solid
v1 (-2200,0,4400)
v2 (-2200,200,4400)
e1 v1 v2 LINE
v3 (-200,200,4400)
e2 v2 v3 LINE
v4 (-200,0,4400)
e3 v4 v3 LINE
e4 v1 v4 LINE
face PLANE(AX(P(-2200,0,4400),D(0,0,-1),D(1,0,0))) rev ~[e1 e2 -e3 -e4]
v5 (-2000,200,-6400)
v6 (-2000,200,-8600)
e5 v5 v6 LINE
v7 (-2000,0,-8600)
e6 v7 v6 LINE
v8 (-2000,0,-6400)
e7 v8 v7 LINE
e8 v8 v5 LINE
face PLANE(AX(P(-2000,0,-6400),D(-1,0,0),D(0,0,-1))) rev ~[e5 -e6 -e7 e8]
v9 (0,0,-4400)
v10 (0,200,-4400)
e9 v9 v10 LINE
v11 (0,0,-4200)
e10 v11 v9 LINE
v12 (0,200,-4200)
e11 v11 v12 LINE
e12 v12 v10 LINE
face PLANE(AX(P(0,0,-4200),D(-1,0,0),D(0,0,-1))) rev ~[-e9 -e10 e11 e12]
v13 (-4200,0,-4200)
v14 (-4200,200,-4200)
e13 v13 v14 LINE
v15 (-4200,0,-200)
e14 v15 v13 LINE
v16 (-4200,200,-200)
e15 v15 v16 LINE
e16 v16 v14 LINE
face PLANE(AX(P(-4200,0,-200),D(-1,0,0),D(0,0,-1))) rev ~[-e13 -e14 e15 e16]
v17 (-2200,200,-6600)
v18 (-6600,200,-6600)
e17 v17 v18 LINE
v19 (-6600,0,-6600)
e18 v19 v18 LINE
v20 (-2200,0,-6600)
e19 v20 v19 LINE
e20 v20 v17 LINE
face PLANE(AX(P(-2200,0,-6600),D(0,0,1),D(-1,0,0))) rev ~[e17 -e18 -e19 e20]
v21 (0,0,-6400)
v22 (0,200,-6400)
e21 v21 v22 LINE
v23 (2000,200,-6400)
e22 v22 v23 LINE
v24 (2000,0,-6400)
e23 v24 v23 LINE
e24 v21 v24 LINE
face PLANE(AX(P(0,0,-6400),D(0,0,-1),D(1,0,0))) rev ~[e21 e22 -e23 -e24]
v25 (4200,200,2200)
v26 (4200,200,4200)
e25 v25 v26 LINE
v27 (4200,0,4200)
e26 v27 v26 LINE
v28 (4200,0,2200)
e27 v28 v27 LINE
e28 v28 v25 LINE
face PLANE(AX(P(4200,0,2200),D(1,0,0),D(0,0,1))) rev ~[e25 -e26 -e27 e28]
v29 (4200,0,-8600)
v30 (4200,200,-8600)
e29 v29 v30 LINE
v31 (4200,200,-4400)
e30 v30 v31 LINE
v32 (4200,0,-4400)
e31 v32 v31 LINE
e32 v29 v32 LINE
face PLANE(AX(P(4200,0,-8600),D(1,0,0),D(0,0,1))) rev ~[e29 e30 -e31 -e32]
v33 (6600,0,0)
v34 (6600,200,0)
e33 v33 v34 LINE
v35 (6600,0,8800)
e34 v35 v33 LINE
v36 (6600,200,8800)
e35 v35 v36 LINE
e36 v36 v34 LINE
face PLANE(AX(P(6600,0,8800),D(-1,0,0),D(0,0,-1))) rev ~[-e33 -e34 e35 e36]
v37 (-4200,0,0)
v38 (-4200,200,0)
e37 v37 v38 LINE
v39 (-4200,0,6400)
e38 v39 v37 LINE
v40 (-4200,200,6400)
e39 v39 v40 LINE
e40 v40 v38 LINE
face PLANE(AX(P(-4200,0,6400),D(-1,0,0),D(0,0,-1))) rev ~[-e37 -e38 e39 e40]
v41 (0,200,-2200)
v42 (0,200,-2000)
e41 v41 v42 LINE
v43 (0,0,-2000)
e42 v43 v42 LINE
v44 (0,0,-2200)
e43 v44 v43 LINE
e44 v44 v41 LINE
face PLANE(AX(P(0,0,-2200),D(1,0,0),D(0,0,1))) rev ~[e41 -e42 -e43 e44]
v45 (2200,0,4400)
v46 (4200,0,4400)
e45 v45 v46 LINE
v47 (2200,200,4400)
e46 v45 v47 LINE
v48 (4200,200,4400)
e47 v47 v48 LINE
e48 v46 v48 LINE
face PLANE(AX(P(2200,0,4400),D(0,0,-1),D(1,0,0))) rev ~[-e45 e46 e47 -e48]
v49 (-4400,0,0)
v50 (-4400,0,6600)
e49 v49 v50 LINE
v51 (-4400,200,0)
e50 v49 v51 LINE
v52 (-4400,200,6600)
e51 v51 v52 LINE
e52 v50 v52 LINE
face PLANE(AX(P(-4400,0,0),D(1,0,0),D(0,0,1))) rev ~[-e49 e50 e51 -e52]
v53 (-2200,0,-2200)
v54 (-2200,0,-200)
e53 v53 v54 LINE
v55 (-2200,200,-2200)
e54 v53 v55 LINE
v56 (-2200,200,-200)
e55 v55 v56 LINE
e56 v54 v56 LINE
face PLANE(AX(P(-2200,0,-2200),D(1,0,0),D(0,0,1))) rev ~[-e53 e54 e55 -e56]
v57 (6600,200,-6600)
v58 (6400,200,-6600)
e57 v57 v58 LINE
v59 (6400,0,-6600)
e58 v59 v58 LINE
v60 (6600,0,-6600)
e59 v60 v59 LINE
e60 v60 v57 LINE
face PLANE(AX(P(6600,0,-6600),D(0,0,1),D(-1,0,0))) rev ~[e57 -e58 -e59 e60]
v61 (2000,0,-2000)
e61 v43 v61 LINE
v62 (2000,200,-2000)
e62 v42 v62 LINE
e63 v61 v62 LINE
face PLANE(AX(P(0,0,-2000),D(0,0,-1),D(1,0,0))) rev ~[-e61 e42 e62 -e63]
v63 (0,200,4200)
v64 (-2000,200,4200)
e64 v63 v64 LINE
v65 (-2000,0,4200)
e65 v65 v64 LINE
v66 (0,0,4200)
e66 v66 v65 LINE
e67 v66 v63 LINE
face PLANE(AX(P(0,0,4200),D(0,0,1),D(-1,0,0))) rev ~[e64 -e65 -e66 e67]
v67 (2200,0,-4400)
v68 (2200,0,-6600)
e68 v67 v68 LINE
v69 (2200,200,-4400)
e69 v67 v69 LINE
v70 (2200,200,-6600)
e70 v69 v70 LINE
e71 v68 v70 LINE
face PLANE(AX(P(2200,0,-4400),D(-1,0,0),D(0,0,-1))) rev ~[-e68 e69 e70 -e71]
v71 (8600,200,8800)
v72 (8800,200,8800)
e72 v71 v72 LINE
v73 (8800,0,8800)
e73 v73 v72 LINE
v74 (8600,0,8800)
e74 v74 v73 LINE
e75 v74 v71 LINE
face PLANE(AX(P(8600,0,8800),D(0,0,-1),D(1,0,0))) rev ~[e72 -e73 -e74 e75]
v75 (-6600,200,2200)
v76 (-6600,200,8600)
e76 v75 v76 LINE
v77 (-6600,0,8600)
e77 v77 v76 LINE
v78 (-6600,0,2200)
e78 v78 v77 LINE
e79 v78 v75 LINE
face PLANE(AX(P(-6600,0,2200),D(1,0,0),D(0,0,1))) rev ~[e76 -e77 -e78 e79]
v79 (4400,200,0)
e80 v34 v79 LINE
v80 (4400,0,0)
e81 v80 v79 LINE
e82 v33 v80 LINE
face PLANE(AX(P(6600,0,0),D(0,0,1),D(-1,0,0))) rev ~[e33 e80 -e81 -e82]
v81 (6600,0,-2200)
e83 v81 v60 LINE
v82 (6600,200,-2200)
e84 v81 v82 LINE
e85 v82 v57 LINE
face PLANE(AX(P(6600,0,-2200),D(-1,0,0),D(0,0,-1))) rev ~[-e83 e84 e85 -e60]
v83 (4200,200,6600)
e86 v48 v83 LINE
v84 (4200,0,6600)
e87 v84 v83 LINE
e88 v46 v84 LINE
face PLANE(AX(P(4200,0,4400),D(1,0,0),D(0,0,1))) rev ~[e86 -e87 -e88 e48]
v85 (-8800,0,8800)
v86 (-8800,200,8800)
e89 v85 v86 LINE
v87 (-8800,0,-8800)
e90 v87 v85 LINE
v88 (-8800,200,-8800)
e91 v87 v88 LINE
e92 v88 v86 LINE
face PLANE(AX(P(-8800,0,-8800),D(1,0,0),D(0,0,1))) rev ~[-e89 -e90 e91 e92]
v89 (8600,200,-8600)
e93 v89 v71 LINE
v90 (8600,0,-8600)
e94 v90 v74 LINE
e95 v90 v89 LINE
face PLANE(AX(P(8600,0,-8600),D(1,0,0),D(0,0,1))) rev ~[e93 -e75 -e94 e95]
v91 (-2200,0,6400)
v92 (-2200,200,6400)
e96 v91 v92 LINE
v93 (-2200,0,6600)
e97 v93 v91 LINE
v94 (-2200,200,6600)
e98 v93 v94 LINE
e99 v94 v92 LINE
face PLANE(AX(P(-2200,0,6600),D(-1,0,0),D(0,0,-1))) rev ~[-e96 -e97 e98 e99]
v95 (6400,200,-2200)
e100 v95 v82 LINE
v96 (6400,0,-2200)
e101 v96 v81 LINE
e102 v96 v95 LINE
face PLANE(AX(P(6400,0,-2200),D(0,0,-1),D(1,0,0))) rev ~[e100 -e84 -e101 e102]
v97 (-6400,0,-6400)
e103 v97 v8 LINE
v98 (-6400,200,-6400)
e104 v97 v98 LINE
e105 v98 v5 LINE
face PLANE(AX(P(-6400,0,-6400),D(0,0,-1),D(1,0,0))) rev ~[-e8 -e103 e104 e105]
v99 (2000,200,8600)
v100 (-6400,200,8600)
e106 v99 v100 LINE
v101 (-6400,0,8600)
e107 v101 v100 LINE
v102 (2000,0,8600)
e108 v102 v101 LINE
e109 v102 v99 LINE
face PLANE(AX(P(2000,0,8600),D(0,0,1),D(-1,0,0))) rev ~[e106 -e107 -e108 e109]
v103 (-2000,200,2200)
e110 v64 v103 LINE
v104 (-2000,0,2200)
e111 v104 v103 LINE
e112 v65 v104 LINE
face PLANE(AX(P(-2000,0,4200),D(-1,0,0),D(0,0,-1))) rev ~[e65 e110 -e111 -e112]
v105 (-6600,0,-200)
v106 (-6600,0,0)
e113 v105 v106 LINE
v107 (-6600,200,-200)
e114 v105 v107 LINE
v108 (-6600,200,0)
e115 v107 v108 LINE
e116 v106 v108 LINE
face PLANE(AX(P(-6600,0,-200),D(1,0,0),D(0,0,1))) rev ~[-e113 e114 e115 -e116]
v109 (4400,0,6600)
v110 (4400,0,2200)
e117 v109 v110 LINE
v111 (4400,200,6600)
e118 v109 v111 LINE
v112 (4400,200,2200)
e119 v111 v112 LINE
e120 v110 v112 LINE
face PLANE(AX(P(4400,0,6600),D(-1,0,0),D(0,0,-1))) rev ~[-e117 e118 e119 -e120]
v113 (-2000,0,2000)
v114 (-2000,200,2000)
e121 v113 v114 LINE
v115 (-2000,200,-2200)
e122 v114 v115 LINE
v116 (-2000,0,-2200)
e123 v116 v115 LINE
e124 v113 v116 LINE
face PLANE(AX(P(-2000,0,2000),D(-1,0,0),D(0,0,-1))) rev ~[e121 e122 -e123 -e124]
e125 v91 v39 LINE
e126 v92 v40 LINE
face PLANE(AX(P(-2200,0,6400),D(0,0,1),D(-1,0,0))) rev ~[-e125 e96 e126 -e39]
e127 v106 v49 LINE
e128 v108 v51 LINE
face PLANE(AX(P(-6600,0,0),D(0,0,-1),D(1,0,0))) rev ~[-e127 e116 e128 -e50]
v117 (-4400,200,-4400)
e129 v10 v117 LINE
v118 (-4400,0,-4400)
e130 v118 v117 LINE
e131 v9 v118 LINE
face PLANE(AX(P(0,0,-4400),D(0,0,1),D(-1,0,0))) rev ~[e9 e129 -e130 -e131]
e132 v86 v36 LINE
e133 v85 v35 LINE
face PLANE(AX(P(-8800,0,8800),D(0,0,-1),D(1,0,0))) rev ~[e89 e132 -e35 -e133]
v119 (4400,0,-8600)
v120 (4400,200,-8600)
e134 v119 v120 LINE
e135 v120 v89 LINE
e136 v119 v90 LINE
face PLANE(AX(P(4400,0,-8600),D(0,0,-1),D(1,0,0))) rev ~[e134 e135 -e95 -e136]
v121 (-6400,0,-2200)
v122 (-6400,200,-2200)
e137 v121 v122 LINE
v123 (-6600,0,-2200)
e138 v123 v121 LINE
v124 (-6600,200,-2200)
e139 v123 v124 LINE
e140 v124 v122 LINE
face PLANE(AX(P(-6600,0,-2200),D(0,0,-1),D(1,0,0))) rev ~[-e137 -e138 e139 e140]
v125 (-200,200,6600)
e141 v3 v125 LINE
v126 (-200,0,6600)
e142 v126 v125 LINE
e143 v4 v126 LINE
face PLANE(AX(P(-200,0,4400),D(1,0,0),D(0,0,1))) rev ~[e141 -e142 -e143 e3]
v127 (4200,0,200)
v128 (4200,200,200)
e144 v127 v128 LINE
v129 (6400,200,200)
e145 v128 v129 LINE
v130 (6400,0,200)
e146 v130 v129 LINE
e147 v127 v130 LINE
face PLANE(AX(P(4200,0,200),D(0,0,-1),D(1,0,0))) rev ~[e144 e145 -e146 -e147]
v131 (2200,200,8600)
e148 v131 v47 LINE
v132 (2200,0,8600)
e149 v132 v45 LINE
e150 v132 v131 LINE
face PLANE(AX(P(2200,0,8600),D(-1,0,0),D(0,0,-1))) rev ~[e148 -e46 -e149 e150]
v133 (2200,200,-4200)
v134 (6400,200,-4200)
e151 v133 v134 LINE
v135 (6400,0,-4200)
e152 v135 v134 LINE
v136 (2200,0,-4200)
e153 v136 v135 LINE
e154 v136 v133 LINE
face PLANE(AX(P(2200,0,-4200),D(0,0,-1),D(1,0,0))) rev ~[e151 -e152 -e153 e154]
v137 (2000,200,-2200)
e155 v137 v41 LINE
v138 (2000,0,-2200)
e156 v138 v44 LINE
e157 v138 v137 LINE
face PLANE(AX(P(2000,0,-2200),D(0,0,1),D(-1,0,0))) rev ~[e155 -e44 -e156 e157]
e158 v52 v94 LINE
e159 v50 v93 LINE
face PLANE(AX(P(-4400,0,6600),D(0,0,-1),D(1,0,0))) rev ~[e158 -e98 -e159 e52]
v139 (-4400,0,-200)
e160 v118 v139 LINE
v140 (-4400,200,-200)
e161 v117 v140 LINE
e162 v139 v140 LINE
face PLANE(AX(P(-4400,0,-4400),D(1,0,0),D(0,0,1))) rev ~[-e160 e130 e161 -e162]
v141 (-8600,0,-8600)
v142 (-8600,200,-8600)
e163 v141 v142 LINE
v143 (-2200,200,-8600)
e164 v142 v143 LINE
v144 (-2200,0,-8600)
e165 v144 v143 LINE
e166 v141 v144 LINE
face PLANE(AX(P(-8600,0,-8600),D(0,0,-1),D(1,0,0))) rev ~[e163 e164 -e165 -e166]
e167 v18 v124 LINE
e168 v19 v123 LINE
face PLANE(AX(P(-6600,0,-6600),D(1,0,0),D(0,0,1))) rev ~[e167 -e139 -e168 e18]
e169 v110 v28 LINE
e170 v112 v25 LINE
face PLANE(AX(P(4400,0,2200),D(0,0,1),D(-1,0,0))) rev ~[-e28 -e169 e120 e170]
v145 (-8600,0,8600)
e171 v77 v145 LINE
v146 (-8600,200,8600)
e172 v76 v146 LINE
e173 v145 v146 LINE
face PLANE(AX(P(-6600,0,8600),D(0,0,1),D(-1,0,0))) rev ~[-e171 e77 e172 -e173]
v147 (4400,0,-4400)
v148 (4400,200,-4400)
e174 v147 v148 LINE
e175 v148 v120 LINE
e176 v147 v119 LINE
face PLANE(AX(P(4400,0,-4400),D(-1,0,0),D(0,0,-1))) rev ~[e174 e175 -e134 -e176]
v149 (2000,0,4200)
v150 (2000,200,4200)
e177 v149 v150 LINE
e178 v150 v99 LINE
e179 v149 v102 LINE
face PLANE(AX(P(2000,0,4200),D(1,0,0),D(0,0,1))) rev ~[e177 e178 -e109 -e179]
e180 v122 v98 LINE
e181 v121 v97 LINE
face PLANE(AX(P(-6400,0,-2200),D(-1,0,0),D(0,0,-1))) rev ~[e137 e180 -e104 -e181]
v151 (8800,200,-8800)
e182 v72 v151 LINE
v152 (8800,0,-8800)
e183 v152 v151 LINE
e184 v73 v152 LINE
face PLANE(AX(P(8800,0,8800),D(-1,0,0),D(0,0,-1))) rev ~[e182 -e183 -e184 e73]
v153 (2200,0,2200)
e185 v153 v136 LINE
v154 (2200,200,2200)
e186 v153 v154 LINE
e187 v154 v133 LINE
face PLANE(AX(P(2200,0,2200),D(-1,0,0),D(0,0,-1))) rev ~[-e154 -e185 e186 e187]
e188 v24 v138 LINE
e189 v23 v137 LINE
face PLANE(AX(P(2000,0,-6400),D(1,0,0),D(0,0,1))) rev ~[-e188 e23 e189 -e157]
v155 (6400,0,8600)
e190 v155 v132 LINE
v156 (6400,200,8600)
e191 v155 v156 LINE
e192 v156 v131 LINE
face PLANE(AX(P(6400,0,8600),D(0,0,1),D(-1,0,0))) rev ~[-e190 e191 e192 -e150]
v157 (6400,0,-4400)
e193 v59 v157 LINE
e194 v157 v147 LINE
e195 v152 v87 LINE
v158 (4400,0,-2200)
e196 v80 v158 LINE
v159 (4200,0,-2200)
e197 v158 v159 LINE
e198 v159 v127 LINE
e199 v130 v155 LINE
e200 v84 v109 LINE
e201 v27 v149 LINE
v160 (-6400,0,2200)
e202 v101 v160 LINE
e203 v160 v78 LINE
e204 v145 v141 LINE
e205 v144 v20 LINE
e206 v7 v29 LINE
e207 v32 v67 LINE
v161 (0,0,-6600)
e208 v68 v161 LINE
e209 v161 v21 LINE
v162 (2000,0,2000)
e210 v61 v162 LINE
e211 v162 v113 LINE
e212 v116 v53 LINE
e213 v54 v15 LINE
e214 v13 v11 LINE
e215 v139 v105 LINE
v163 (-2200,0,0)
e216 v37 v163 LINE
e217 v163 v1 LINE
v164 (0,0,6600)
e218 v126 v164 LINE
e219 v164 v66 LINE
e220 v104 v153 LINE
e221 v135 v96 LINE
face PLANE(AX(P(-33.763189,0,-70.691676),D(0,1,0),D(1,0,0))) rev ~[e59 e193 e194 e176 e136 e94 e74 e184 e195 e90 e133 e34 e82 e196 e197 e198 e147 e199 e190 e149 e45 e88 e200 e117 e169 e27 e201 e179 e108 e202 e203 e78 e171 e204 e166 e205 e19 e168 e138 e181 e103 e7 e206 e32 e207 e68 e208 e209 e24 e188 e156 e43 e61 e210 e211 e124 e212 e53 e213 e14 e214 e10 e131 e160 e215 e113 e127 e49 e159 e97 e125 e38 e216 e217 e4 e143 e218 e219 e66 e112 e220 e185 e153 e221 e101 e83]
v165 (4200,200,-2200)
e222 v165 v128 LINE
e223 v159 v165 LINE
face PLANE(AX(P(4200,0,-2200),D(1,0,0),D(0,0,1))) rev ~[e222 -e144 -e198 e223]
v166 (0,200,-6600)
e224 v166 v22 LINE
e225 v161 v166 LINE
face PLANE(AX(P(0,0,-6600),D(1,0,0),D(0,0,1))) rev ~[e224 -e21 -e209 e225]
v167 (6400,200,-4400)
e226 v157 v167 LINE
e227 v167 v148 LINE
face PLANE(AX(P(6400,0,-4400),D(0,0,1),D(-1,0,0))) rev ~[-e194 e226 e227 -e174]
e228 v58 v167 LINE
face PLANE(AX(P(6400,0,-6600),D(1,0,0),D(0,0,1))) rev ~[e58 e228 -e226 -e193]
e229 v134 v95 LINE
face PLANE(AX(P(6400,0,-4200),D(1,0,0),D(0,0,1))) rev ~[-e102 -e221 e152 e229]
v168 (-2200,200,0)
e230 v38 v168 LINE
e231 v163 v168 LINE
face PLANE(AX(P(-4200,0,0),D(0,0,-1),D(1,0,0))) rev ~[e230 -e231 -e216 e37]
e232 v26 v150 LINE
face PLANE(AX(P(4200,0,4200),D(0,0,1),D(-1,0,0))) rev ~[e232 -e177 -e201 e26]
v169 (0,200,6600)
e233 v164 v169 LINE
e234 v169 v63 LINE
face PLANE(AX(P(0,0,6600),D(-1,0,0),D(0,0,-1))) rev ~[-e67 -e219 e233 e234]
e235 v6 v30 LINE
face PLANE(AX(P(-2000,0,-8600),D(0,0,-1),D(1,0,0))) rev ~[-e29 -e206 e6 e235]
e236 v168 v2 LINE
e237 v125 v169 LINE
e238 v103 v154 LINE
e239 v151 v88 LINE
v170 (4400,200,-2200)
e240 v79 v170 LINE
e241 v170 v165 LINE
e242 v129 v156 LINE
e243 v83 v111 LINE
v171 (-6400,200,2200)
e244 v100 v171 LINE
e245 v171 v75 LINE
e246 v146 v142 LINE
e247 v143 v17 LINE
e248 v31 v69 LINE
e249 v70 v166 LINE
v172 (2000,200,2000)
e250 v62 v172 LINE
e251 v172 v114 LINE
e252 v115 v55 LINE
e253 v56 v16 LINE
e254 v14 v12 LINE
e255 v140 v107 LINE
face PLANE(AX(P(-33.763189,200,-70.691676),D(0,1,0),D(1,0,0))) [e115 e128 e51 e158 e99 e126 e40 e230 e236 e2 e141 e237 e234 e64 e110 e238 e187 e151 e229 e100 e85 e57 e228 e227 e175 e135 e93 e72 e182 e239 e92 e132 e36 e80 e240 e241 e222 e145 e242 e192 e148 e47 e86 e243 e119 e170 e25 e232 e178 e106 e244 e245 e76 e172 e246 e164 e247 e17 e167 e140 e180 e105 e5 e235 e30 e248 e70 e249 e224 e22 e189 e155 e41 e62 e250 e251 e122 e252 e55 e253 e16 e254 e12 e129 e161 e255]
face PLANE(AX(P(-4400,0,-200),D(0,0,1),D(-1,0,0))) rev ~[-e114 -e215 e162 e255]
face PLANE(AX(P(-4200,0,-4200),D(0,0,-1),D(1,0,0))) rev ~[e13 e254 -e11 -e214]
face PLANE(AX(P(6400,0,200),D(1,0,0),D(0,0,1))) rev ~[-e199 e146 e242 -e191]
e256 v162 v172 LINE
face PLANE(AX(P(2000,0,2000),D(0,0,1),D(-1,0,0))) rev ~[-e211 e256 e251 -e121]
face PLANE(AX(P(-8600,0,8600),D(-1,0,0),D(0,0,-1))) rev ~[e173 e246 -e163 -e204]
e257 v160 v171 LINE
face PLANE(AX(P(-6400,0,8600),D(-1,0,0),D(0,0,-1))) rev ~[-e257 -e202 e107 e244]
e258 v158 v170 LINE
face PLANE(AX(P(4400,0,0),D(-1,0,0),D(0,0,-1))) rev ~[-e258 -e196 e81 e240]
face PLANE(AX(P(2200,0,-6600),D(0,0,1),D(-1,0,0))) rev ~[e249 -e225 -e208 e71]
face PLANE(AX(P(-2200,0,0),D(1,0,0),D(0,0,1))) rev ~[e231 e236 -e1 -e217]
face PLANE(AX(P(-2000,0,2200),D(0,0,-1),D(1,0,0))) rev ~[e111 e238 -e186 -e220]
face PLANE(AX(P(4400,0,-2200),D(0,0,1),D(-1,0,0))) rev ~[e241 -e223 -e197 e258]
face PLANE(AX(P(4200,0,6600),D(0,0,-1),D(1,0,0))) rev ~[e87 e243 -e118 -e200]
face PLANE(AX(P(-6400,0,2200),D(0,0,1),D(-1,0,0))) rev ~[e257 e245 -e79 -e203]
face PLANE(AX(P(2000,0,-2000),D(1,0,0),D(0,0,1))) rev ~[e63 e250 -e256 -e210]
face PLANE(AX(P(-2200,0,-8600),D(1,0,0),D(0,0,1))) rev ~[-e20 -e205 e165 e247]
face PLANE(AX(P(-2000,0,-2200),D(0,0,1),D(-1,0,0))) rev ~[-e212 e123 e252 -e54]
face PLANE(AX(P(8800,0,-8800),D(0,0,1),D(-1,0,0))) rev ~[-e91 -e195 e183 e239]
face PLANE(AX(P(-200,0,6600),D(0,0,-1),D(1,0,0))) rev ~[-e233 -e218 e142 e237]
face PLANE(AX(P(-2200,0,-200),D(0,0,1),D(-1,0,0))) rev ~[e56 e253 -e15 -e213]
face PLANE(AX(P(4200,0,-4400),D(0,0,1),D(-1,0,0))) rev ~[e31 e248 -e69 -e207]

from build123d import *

# Parameters (mm, degrees)
BOSS_EXTRUDE1_DEPTH = 200


with BuildPart() as part:
    # Sketch1 → Boss-Extrude1 (new body)
    with BuildSketch(Plane(origin=(0, 0, 0), x_dir=(1, 0, 0), z_dir=(0, 1, 0))):
        Polygon((2200, -2200), (2200, 4200), (6400, 4200), (6400, 2200), (6600, 2200), (6600, 6600), (6400, 6600), (6400, 4400), (4400, 4400), (4400, 8600), (8600, 8600), (8600, -8800), (8800, -8800), (8800, 8800), (-8800, 8800), (-8800, -8800), (6600, -8800), (6600, 0), (4400, 0), (4400, 2200), (4200, 2200), (4200, -200), (6400, -200), (6400, -8600), (2200, -8600), (2200, -4400), (4200, -4400), (4200, -6600), (4400, -6600), (4400, -2200), (4200, -2200), (4200, -4200), (2000, -4200), (2000, -8600), (-6400, -8600), (-6400, -2200), (-6600, -2200), (-6600, -8600), (-8600, -8600), (-8600, 8600), (-2200, 8600), (-2200, 6600), (-6600, 6600), (-6600, 2200), (-6400, 2200), (-6400, 6400), (-2000, 6400), (-2000, 8600), (4200, 8600), (4200, 4400), (2200, 4400), (2200, 6600), (0, 6600), (0, 6400), (2000, 6400), (2000, 2200), (0, 2200), (0, 2000), (2000, 2000), (2000, -2000), (-2000, -2000), (-2000, 2200), (-2200, 2200), (-2200, 200), (-4200, 200), (-4200, 4200), (0, 4200), (0, 4400), (-4400, 4400), (-4400, 200), (-6600, 200), (-6600, 0), (-4400, 0), (-4400, -6600), (-2200, -6600), (-2200, -6400), (-4200, -6400), (-4200, 0), (-2200, 0), (-2200, -4400), (-200, -4400), (-200, -6600), (0, -6600), (0, -4200), (-2000, -4200), (-2000, -2200), align=None)
    extrude(amount=BOSS_EXTRUDE1_DEPTH)


solid = part.part
